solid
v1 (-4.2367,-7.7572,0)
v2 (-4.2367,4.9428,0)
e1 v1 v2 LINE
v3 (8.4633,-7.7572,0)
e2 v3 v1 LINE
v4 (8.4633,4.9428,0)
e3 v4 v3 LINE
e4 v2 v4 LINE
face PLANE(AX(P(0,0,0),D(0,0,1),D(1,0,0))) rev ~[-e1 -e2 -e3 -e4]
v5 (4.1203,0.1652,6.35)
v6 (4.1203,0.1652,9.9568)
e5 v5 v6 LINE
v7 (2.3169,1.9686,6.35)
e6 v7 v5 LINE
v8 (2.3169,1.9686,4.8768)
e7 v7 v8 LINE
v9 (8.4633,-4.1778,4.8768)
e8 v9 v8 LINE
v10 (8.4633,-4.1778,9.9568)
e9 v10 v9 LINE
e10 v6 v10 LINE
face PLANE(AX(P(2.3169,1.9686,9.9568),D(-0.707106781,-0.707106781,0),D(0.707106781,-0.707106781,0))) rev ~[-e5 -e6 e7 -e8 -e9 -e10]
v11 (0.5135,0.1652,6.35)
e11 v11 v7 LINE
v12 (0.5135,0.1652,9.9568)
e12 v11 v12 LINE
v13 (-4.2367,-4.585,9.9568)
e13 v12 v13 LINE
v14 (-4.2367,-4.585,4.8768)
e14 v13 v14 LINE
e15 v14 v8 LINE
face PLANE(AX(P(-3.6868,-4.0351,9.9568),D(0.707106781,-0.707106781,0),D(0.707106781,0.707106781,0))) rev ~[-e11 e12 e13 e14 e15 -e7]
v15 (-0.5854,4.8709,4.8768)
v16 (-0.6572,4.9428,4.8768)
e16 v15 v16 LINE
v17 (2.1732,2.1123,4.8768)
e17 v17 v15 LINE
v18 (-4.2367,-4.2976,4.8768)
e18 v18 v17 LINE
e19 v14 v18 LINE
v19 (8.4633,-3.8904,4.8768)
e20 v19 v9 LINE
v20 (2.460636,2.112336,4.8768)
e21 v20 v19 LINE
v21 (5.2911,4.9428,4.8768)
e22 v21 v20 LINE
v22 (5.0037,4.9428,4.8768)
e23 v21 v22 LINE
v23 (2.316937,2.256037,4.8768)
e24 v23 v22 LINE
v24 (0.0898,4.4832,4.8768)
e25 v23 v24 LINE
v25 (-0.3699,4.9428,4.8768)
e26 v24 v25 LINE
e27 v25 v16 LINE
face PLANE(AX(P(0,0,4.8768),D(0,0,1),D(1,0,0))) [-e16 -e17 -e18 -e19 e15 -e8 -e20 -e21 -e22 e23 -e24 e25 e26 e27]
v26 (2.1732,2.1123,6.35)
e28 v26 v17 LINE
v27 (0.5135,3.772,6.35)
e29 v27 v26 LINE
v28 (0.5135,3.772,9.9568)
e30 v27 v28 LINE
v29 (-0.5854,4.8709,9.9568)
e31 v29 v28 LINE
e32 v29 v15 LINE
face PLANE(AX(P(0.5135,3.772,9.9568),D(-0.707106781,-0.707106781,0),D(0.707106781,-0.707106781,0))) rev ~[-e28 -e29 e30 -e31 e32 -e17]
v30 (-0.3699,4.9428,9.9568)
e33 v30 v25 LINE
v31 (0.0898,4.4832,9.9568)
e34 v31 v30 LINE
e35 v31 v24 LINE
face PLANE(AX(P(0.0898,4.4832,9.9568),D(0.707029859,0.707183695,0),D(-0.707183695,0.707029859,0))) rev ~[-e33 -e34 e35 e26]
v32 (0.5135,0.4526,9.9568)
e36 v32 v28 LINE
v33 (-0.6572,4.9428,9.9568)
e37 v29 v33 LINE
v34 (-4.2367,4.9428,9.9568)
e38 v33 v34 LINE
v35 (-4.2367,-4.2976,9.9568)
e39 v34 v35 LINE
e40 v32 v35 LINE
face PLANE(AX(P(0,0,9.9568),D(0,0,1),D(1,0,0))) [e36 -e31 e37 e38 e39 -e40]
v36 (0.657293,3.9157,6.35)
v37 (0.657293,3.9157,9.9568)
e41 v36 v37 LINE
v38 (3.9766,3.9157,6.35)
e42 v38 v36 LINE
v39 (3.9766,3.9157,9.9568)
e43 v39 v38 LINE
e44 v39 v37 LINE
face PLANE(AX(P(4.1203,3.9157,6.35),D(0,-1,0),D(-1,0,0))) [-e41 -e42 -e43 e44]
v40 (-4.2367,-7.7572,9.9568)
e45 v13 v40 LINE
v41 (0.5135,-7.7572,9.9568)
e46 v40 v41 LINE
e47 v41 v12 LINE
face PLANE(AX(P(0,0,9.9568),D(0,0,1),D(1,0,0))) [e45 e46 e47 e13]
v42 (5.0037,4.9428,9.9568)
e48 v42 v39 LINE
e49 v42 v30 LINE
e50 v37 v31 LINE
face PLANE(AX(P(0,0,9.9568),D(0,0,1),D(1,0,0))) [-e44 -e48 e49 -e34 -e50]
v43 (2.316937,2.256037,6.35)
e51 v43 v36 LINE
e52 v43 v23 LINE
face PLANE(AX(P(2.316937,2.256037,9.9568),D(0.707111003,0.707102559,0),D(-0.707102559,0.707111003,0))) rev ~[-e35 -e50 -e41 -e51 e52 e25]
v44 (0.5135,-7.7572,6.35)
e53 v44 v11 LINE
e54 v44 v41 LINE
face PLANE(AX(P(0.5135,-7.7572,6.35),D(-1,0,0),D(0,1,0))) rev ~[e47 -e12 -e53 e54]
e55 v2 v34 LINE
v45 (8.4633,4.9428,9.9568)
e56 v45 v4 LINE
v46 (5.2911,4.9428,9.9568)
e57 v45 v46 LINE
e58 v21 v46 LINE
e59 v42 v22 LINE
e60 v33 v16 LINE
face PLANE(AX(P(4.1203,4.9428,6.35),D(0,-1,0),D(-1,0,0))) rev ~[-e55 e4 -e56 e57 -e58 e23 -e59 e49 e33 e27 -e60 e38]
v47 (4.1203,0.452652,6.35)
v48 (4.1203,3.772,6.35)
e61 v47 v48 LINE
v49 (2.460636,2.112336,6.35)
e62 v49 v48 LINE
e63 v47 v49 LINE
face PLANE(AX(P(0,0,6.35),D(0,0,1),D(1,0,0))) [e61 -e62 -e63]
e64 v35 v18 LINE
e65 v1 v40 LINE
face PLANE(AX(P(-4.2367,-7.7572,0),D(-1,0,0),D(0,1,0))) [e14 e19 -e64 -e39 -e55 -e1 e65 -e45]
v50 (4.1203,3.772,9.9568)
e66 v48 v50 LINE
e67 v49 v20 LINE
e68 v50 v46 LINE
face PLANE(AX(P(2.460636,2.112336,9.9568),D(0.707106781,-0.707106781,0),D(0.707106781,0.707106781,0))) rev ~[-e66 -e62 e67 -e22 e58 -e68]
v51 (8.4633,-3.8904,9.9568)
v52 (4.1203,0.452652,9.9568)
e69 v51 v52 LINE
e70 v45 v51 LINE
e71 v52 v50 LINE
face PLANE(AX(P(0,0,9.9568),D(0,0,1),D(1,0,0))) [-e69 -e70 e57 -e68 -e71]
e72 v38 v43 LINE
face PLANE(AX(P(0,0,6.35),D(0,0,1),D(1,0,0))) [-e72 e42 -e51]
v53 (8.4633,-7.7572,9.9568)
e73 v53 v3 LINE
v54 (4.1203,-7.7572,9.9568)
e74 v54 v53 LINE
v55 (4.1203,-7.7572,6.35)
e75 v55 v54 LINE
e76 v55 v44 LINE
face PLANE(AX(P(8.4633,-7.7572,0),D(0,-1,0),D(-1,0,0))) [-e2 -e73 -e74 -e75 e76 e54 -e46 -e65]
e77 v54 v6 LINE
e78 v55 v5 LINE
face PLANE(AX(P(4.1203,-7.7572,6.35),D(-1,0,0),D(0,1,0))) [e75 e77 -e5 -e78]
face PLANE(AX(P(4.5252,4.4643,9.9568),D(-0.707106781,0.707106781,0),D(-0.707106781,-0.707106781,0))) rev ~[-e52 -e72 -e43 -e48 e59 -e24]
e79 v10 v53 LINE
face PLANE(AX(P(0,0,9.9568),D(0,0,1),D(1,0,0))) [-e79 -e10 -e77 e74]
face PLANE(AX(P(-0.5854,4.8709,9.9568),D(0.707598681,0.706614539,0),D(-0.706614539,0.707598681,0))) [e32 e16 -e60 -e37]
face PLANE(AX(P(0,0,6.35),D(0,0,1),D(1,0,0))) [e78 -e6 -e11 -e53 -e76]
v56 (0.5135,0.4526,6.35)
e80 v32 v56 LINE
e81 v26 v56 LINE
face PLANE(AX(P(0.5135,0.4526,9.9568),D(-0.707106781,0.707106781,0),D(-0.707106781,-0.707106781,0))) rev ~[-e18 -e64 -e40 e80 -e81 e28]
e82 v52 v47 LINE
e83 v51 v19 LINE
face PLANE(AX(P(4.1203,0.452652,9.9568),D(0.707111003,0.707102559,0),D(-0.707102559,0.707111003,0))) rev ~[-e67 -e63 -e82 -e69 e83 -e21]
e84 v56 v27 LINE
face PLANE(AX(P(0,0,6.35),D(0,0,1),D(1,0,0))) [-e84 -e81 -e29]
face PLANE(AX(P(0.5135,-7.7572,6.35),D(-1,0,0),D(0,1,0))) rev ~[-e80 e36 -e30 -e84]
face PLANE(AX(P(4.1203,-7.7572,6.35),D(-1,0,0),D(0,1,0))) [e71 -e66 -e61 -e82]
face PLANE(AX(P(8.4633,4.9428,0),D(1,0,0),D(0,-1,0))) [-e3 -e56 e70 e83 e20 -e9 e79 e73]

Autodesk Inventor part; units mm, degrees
ref_plane "YZ Plane" through (0, 0, 0) normal (1, 0, 0) x (0, 1, 0)
ref_plane "XZ Plane" through (0, 0, 0) normal (0, 1, 0) x (-1, 0, 0)
ref_plane "XY Plane" through (0, 0, 0) normal (0, 0, 1) x (1, 0, 0)
sketch "Sketch1" plane through (0, 0, 0) normal (0, 0, 1) x (1, 0, 0)
  line L0 (-4.2367, 4.9428) -> (8.4633, 4.9428)
  line L1 (8.4633, 4.9428) -> (8.4633, -7.7572)
  line L2 (8.4633, -7.7572) -> (-4.2367, -7.7572)
  line L3 (-4.2367, -7.7572) -> (-4.2367, 4.9428)
  point P0 (0, 0)
  dimension "d0" = 12.7
  dimension "d1" = 12.7
extrude "Extrusion1" add sketch "Sketch1" along normal blind 6.35
sketch "Sketch2" plane through (0, 0, 6.35) normal (0, 0, 1) x (1, 0, 0)
  line L0 (-4.2367, -7.7572) -> (8.4633, -7.7572) projected
  line L1 (0.5135, -7.7572) -> (4.1203, -7.7572)
  line L2 (4.1203, -7.7572) -> (4.1203, 4.9428)
  line L3 (8.4633, 4.9428) -> (-4.2367, 4.9428) projected
  line L4 (4.1203, 4.9428) -> (0.5135, 4.9428)
  line L5 (0.5135, -7.7572) -> (0.5135, 4.9428)
  line L6 (0.5135, 4.9428) -> (-4.2367, 4.9428)
  line L7 (-4.2367, 4.9428) -> (-4.2367, -7.7572)
  line L8 (-4.2367, -7.7572) -> (0.5135, -7.7572)
  line L9 (0.5135, -7.7572) -> (0.5135, 4.9428)
  line L10 (4.1203, 4.9428) -> (8.4633, 4.9428)
  line L11 (8.4633, 4.9428) -> (8.4633, -7.7572)
  line L12 (8.4633, -7.7572) -> (4.1203, -7.7572)
  line L13 (4.1203, -7.7572) -> (4.1203, 4.9428)
  point P0 (0, 0)
  dimension "d4" = 3.6068
extrude "Extrusion2" add sketch "Sketch2" along normal blind 3.6068 contours L7 L3 L5 L0 | L2 L3 L11 L0
sketch "Sketch3" plane through (0, 0, 6.35) normal (0, 0, 1) x (1, 0, 0)
  line L0 (4.1203, 4.9428) -> (0.5135, 4.9428) projected
  line L1 (4.1203, 4.9428) -> (4.1203, -7.7572) projected
  line L2 (0.5135, 4.9428) -> (4.1203, 4.9428)
  line L3 (4.1203, 4.9428) -> (4.1203, 3.9157)
  line L4 (4.1203, 3.9157) -> (0.5135, 3.9157)
  line L5 (0.5135, 3.9157) -> (0.5135, 4.9428)
  point P0 (0, 0)
extrude "Extrusion3" add sketch "Sketch3" along normal blind 3.6068
sketch "Sketch4" plane through (0, 0, 9.9568) normal (0, 0, 1) x (1, 0, 0)
  line L0 (0.5135, -7.7572) -> (0.5135, 3.9157) projected
  line L1 (0.5135, 3.9157) -> (11.3187, 3.9157) construction
  line L2 (4.1203, -7.7572) -> (4.1203, 3.9157) projected
  line L3 (-4.2367, 4.9428) -> (-4.2367, -7.7572) projected
  line L4 (8.4633, 4.9428) -> (-4.2367, 4.9428) projected
  line L5 (8.4633, -7.7572) -> (8.4633, 4.9428) projected
  line L6 (8.4633, -6.0235) -> (8.4633, -1.9417)
  line L7 (-4.2367, -2.4282) -> (-4.2367, -6.55)
  line L8 (8.4633, -4.1258) -> (8.4633, -3.8394)
  line L9 (-4.2367, -4.6399) -> (-4.2367, -4.3516)
  line L10 (0.5135, 3.9157) -> (8.4633, -4.0341) construction
  line L11 (0.5135, 3.9157) -> (11.7563, 3.9157) construction
  line L12 (4.1203, 3.9157) -> (-3.8295, -4.0341) construction
  line L13 (4.1203, 3.9157) -> (15.3631, 3.9157) construction
  line L14 (4.1203, 3.9157) -> (5.1474, 4.9428) construction
  line L15 (0.5135, 3.9157) -> (-0.5135, 4.9428) construction
  line L16 (-0.5854, 4.8709) -> (8.4633, -4.1778)
  line L17 (8.4633, -3.8904) -> (0.0898, 4.4832)
  line L18 (0.0898, 4.4832) -> (-0.3699, 4.9428)
  line L19 (-0.5854, 4.8709) -> (-0.6572, 4.9428)
  line L20 (-3.6868, -4.0351) -> (5.3778, 5.0295)
  line L21 (4.5252, 4.4643) -> (-4.2367, -4.2976)
  line L22 (-3.6868, -4.0351) -> (-4.2367, -4.585)
  line L23 (-4.2367, -4.2976) -> (-4.2367, -4.585)
  line L24 (5.3778, 5.0295) -> (5.0904, 5.0295)
  line L25 (5.0904, 5.0295) -> (4.5252, 4.4643)
  point P0 (0, 0)
  dimension "d22" = 45
  dimension "d23" = 135
  dimension "d24" = 0.2032
  dimension "d25" = 0.2032
extrude "Extrusion7" cut sketch "Sketch4" against normal blind 5.08 contours L20 L22 L3 L21 L0 | L0 L21 L16 L20 | L20 L17 L2 L16 | L16 L21 L17 L20 | L16 L19 L4 L18 L17 L21 | L2 L17 L5 L16 | L17 L21 L25 L4 L20 | L4 L25 L24 L20
sketch "Sketch7" plane through (0, 0, 9.9568) normal (0, 0, 1) x (1, 0, 0)
  point P0 (0, 0)
properties part number "crosspiecejig"
